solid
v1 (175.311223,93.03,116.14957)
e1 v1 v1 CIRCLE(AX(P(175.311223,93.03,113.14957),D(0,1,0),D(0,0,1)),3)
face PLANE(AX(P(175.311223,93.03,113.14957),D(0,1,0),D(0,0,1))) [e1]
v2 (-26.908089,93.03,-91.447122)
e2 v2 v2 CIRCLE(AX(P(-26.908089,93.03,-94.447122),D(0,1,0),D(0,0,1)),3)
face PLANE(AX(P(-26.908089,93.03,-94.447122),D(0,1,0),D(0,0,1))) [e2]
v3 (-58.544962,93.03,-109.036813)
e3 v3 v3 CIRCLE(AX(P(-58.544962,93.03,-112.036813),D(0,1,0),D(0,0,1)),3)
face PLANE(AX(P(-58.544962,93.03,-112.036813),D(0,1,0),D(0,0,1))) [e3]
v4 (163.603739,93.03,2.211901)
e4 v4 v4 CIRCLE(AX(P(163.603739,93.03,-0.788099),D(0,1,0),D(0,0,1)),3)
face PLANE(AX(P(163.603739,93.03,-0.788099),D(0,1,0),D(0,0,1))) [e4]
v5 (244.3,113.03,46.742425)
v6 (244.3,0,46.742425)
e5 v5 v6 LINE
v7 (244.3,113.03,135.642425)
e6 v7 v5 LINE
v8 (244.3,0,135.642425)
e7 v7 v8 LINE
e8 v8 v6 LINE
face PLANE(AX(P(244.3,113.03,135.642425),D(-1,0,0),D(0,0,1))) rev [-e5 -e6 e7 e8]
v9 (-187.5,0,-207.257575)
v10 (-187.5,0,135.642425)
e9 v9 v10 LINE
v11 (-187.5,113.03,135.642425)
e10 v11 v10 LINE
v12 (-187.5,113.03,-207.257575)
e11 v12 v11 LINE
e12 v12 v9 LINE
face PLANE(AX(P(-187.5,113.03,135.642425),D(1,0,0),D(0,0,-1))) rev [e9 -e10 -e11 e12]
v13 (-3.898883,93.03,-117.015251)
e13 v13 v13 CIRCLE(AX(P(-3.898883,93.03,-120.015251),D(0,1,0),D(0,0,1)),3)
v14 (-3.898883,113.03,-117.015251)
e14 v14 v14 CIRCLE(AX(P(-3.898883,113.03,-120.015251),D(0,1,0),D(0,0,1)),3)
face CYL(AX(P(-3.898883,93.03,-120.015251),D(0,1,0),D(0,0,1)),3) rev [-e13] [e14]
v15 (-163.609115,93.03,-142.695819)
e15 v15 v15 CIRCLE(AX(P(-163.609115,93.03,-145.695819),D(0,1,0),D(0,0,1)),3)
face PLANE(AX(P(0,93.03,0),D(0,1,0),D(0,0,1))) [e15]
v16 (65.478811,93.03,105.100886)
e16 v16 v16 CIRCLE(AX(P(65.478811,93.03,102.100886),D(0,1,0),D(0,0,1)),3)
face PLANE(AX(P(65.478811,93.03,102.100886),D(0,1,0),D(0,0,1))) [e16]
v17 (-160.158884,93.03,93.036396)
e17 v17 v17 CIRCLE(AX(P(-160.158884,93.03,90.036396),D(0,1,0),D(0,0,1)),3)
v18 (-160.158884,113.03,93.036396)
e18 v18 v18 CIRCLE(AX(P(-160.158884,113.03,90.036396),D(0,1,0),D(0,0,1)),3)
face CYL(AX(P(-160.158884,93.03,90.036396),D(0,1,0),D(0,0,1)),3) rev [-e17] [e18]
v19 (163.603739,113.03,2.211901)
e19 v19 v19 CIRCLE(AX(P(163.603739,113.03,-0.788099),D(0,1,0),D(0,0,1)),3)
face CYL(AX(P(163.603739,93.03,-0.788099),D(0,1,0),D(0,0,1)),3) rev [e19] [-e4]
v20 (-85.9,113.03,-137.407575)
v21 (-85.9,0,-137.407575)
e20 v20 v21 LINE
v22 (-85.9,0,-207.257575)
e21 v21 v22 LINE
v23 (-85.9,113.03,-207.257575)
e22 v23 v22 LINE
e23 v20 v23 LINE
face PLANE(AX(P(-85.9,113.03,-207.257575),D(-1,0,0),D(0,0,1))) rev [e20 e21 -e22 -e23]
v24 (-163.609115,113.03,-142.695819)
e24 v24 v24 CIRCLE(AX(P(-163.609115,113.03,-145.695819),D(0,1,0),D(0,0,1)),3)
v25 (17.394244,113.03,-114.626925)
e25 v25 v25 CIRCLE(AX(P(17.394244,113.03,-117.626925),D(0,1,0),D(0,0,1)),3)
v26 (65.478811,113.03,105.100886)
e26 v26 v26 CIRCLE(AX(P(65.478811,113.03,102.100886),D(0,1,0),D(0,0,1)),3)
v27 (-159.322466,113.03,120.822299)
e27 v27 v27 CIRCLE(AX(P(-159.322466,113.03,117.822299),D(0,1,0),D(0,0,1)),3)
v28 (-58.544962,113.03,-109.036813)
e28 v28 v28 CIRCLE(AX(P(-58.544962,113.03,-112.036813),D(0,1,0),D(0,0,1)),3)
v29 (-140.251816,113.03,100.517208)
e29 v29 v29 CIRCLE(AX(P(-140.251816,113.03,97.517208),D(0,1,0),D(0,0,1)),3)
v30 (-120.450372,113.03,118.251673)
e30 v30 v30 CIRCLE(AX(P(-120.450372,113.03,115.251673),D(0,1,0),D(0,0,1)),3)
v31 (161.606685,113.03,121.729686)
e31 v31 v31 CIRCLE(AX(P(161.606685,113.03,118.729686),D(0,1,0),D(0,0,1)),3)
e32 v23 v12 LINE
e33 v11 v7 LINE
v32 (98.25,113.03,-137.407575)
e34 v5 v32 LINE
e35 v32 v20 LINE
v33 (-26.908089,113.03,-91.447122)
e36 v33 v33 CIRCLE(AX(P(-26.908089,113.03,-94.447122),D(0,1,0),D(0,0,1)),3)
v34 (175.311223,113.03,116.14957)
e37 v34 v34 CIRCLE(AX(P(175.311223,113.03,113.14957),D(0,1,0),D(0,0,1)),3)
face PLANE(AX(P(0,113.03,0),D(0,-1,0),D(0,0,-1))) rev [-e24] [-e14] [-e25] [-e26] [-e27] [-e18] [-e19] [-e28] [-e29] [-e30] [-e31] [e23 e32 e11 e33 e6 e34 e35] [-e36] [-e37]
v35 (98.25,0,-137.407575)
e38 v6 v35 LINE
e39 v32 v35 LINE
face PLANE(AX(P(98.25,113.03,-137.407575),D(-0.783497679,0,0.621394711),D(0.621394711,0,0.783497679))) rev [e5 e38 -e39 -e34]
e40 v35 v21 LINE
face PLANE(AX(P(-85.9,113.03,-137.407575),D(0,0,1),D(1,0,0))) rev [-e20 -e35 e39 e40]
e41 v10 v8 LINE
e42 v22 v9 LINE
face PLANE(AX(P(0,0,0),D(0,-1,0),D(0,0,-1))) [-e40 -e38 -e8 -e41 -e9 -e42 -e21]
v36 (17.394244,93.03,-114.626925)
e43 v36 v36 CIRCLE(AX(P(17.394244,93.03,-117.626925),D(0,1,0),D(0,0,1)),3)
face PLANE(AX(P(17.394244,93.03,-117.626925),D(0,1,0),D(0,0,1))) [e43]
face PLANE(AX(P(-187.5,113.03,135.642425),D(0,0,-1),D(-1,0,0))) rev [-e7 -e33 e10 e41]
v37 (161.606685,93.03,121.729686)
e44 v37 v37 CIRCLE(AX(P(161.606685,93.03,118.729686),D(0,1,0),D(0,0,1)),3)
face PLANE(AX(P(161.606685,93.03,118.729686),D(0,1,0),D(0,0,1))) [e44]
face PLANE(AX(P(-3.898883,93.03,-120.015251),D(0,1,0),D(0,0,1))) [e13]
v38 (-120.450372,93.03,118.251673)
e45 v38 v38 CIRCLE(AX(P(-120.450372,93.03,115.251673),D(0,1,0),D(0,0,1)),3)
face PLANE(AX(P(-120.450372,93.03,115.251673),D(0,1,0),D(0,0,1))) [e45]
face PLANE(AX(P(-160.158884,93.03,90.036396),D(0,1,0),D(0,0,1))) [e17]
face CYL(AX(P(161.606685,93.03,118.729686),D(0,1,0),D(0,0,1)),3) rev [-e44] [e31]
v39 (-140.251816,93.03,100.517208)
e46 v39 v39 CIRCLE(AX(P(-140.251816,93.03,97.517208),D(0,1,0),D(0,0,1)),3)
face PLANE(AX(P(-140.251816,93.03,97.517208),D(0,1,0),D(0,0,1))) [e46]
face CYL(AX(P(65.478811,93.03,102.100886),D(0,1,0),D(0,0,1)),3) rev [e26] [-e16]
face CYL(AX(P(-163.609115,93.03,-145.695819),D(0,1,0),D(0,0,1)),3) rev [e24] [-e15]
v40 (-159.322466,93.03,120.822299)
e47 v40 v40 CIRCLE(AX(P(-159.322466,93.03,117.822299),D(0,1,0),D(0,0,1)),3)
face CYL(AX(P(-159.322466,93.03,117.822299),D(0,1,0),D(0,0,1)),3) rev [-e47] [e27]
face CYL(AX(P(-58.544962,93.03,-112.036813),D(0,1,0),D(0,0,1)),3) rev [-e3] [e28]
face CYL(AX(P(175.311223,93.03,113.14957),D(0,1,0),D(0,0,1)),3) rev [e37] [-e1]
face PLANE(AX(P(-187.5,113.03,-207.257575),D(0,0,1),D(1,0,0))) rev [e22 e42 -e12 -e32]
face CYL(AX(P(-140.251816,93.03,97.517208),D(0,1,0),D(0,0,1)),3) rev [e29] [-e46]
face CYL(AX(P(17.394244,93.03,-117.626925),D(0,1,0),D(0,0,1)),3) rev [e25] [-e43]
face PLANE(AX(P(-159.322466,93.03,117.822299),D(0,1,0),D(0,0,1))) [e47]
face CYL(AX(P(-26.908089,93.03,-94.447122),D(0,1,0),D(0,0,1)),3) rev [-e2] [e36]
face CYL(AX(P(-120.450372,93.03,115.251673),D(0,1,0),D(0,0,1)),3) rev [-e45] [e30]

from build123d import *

# Parameters (mm, degrees)
ALUMINUM_BLOCK_DEPTH = 113.03
A_ARM_SKETCHES_R     = 3
A_ARM_HOLES_DEPTH    = 20


with BuildPart() as part:
    # Sketch1 → ALUMINUM BLOCK (new body)
    with BuildSketch(Plane(origin=(0, 0, 0), x_dir=(1, 0, 0), z_dir=(0, 1, 0))):
        Polygon((-187.5, -135.642424533), (244.3, -135.642424533), (244.3, -46.742424533), (98.25, 137.407575467), (-85.9, 137.407575467), (-85.9, 207.257575467), (-187.5, 207.257575467), align=None)
    extrude(amount=ALUMINUM_BLOCK_DEPTH)

    # A-ARM SKETCHES → A-ARM HOLES (cut)
    with BuildSketch(Plane(origin=(0, 113.03, 0), x_dir=(1, 0, 0), z_dir=(0, 1, 0))):
        with Locations(Location((-163.609115423, 145.695818662, 0), (0, 0, 270))):
            Circle(A_ARM_SKETCHES_R)
        with Locations(Location((-3.898882545, 120.015251172, 0), (0, 0, 270))):
            Circle(A_ARM_SKETCHES_R)
        with Locations(Location((175.311223127, -113.149569553, 0), (0, 0, 270))):
            Circle(A_ARM_SKETCHES_R)
        with Locations(Location((-160.15888427, -90.036396379, 0), (0, 0, 270))):
            Circle(A_ARM_SKETCHES_R)
        with Locations(Location((-159.322465718, -117.822298669, 0), (0, 0, 270))):
            Circle(A_ARM_SKETCHES_R)
        with Locations(Location((-120.450372331, -115.251672549, 0), (0, 0, 270))):
            Circle(A_ARM_SKETCHES_R)
        with Locations(Location((-58.544962433, 112.036813196, 0), (0, 0, 270))):
            Circle(A_ARM_SKETCHES_R)
        with Locations(Location((65.478811369, -102.10088587, 0), (0, 0, 270))):
            Circle(A_ARM_SKETCHES_R)
        with Locations(Location((163.603739253, 0.788099457, 0), (0, 0, 270))):
            Circle(A_ARM_SKETCHES_R)
        with Locations(Location((161.606684995, -118.729685562, 0), (0, 0, 270))):
            Circle(A_ARM_SKETCHES_R)
        with Locations(Location((-140.251816154, -97.517207608, 0), (0, 0, 270))):
            Circle(A_ARM_SKETCHES_R)
        with Locations(Location((17.394243717, 117.626925231, 0), (0, 0, 270))):
            Circle(A_ARM_SKETCHES_R)
        with Locations(Location((-26.908089244, 94.447121648, 0), (0, 0, 270))):
            Circle(A_ARM_SKETCHES_R)
    extrude(amount=-A_ARM_HOLES_DEPTH, mode=Mode.SUBTRACT)


solid = part.part
